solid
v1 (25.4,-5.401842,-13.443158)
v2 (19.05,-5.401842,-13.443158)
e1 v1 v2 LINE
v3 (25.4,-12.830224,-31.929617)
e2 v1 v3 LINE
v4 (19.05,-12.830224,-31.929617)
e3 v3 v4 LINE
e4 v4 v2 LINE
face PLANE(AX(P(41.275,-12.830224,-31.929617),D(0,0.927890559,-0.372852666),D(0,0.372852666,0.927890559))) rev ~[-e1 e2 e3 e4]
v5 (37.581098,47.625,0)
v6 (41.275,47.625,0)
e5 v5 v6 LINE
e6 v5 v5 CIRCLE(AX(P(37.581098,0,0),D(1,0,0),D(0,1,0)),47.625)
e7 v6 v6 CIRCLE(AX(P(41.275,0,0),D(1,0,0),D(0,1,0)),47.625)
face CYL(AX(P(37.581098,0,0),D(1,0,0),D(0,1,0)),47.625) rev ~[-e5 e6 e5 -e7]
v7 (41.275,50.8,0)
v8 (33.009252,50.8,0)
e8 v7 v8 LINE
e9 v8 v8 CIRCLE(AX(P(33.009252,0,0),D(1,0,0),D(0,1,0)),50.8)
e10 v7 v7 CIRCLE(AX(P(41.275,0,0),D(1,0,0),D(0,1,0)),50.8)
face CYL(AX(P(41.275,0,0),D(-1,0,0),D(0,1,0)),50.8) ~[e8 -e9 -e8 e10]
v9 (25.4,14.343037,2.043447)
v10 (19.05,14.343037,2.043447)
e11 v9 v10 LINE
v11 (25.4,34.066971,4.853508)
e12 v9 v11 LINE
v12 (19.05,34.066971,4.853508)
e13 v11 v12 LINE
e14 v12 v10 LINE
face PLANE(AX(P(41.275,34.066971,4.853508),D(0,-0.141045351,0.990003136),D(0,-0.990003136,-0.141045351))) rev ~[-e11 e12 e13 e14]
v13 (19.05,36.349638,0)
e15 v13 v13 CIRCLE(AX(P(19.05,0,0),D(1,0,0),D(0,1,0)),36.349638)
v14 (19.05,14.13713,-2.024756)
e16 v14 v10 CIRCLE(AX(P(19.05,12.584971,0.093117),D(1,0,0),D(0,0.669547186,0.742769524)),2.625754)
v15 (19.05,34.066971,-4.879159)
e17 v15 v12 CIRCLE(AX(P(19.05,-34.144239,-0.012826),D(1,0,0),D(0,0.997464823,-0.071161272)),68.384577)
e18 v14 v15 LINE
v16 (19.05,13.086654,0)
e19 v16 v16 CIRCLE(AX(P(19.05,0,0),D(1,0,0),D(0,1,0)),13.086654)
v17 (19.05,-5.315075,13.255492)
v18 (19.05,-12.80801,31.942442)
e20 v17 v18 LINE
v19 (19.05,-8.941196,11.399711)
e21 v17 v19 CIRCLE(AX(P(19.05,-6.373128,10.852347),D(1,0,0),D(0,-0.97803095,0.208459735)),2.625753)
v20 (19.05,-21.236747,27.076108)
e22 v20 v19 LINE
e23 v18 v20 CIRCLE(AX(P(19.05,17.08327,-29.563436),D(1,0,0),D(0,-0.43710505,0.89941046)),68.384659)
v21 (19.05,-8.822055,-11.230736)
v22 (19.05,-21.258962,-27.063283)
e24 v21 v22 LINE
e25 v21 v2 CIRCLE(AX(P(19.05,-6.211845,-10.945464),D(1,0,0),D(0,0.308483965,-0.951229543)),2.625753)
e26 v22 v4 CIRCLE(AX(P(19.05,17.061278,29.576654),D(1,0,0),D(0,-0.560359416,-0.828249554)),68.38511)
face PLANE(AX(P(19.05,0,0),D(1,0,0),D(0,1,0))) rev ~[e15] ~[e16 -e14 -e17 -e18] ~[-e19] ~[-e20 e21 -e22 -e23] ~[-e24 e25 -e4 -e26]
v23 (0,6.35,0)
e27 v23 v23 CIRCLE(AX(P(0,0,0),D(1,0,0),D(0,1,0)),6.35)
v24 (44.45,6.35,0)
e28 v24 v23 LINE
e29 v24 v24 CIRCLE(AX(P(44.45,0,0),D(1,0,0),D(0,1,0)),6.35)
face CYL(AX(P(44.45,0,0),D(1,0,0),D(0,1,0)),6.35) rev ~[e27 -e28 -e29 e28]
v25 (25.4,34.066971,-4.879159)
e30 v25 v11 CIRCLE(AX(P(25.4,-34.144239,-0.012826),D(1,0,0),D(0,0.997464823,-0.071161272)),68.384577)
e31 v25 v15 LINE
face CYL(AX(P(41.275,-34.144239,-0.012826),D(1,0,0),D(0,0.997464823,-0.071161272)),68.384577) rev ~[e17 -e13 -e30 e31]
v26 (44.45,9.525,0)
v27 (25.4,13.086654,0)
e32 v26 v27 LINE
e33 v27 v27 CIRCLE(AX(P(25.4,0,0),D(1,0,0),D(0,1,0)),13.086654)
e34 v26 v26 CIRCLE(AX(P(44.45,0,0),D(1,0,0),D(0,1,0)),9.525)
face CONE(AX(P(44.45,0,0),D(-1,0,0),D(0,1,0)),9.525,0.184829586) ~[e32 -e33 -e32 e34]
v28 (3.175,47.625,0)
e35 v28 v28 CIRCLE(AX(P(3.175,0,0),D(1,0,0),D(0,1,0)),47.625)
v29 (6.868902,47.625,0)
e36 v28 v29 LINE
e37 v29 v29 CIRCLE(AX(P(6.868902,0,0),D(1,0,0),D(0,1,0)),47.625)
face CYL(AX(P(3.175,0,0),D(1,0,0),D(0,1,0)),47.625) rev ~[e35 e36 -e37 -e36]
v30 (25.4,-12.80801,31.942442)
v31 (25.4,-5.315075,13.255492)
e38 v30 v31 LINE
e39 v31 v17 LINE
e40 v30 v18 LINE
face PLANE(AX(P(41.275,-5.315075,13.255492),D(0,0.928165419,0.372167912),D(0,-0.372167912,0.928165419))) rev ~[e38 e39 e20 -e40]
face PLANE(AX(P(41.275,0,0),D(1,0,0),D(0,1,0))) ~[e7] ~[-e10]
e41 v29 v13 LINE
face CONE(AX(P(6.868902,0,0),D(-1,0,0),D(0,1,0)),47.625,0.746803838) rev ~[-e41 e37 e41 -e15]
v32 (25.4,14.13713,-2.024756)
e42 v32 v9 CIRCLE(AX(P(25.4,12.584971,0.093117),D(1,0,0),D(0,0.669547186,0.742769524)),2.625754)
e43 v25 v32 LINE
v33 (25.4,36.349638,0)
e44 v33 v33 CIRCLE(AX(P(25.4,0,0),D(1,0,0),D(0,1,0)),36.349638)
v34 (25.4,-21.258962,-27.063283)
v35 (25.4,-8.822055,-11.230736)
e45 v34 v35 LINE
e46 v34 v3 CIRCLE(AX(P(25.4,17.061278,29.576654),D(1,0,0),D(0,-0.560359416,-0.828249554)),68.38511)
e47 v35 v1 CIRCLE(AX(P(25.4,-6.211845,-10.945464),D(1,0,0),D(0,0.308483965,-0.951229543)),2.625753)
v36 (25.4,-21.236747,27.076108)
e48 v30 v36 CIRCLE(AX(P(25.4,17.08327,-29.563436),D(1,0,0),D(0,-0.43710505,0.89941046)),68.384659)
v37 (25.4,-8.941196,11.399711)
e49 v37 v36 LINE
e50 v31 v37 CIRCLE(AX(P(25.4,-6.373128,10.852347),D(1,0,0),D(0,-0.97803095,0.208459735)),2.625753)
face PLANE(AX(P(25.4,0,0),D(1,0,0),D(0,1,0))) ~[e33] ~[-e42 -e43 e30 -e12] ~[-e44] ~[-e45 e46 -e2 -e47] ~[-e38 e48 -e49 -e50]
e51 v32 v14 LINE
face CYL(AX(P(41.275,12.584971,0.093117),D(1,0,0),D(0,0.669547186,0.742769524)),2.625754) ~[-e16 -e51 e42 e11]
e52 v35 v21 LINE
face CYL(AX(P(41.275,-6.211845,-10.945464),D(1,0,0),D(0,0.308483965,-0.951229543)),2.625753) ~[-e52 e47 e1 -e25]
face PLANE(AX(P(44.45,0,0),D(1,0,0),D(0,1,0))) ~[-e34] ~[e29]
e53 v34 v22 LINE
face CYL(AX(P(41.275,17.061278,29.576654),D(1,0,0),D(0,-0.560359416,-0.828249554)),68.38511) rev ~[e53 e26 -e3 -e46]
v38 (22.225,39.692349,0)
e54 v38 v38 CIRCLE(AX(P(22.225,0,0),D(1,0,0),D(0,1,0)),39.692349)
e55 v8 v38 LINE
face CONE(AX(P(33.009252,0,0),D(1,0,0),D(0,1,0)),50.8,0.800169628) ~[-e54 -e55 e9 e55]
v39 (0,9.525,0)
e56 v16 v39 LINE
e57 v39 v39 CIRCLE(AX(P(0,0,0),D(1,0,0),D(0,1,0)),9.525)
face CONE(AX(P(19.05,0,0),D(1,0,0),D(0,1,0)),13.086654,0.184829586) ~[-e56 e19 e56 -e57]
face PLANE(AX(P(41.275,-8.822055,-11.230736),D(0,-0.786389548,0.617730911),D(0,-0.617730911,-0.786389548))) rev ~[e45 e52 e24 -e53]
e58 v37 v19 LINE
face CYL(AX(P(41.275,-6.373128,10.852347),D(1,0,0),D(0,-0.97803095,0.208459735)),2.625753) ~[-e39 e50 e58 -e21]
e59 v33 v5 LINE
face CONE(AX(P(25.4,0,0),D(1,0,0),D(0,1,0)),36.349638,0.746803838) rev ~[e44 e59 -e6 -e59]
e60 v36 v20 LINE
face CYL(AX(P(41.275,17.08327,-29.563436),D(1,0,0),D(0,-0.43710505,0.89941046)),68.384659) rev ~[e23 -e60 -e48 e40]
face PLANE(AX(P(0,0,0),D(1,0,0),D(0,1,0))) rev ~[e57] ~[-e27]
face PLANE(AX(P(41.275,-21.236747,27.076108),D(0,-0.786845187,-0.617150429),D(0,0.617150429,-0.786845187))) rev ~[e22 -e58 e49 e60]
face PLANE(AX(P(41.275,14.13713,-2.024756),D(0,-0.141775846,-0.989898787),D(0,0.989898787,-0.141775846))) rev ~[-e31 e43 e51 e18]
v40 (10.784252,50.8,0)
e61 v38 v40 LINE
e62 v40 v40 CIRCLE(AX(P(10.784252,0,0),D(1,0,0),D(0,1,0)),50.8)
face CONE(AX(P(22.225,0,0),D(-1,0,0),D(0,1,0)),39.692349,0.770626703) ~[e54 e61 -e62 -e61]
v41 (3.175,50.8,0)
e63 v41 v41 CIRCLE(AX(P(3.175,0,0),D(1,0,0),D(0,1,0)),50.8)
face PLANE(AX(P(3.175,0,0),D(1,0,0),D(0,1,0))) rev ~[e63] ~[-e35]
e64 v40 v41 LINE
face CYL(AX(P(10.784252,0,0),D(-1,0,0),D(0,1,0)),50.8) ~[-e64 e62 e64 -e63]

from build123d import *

# Parameters (mm, degrees)
F2_R     = 6.35
F3_DEPTH = 76.2
F5_DEPTH = 41.276


with BuildPart() as f1:
    # F0 (on Top) → F1 (revolve)
    with BuildSketch(Plane.XY):
        Polygon((0, 9.525), (0, 0), (22.225, 0), (44.45, 0), (44.45, 9.525), (25.4, 13.086654), (25.4, 36.349638), (37.581098, 47.625), (41.275, 47.625), (41.275, 50.8), (33.009252, 50.8), (22.225, 39.692349), (10.784252, 50.8), (3.175, 50.8), (3.175, 47.625), (6.868902, 47.625), (19.05, 36.349638), (19.05, 13.086654), align=None)
    revolve(axis=Axis((22.225, 0, 0), (1, 0, 0)))

    # F2 (on face) → F3 (cut)
    with BuildSketch(Plane.YZ.offset(44.45)):
        Circle(F2_R)
    extrude(amount=-F3_DEPTH, mode=Mode.SUBTRACT)

    # F4 (on face) → F5 (cut, through all)
    with BuildSketch(Plane.YZ.offset(41.275)):
        with BuildLine():
            ThreePointArc((-12.80801, 31.942442), (-17.109062, 29.659415), (-21.236747, 27.076108))
            Line((-21.236747, 27.076108), (-8.941196, 11.399711))
            ThreePointArc((-8.941196, 11.399711), (-7.569379, 13.189774), (-5.315075, 13.255492))
            Line((-5.315075, 13.255492), (-12.80801, 31.942442))
        make_face()
        with BuildLine():
            Line((34.066971, 4.853508), (14.343037, 2.043447))
            ThreePointArc((14.343037, 2.043447), (15.207368, -0.039612), (14.13713, -2.024756))
            Line((14.13713, -2.024756), (34.066971, -4.879159))
            ThreePointArc((34.066971, -4.879159), (34.240338, -0.012825), (34.066971, 4.853508))
        make_face()
        with BuildLine():
            ThreePointArc((-21.258962, -27.063283), (-17.131276, -29.646589), (-12.830224, -31.929617))
            Line((-12.830224, -31.929617), (-5.401842, -13.443158))
            ThreePointArc((-5.401842, -13.443158), (-7.63799, -13.150161), (-8.822055, -11.230736))
            Line((-8.822055, -11.230736), (-21.258962, -27.063283))
        make_face()
    extrude(amount=-F5_DEPTH, mode=Mode.SUBTRACT)


solid = f1.part
